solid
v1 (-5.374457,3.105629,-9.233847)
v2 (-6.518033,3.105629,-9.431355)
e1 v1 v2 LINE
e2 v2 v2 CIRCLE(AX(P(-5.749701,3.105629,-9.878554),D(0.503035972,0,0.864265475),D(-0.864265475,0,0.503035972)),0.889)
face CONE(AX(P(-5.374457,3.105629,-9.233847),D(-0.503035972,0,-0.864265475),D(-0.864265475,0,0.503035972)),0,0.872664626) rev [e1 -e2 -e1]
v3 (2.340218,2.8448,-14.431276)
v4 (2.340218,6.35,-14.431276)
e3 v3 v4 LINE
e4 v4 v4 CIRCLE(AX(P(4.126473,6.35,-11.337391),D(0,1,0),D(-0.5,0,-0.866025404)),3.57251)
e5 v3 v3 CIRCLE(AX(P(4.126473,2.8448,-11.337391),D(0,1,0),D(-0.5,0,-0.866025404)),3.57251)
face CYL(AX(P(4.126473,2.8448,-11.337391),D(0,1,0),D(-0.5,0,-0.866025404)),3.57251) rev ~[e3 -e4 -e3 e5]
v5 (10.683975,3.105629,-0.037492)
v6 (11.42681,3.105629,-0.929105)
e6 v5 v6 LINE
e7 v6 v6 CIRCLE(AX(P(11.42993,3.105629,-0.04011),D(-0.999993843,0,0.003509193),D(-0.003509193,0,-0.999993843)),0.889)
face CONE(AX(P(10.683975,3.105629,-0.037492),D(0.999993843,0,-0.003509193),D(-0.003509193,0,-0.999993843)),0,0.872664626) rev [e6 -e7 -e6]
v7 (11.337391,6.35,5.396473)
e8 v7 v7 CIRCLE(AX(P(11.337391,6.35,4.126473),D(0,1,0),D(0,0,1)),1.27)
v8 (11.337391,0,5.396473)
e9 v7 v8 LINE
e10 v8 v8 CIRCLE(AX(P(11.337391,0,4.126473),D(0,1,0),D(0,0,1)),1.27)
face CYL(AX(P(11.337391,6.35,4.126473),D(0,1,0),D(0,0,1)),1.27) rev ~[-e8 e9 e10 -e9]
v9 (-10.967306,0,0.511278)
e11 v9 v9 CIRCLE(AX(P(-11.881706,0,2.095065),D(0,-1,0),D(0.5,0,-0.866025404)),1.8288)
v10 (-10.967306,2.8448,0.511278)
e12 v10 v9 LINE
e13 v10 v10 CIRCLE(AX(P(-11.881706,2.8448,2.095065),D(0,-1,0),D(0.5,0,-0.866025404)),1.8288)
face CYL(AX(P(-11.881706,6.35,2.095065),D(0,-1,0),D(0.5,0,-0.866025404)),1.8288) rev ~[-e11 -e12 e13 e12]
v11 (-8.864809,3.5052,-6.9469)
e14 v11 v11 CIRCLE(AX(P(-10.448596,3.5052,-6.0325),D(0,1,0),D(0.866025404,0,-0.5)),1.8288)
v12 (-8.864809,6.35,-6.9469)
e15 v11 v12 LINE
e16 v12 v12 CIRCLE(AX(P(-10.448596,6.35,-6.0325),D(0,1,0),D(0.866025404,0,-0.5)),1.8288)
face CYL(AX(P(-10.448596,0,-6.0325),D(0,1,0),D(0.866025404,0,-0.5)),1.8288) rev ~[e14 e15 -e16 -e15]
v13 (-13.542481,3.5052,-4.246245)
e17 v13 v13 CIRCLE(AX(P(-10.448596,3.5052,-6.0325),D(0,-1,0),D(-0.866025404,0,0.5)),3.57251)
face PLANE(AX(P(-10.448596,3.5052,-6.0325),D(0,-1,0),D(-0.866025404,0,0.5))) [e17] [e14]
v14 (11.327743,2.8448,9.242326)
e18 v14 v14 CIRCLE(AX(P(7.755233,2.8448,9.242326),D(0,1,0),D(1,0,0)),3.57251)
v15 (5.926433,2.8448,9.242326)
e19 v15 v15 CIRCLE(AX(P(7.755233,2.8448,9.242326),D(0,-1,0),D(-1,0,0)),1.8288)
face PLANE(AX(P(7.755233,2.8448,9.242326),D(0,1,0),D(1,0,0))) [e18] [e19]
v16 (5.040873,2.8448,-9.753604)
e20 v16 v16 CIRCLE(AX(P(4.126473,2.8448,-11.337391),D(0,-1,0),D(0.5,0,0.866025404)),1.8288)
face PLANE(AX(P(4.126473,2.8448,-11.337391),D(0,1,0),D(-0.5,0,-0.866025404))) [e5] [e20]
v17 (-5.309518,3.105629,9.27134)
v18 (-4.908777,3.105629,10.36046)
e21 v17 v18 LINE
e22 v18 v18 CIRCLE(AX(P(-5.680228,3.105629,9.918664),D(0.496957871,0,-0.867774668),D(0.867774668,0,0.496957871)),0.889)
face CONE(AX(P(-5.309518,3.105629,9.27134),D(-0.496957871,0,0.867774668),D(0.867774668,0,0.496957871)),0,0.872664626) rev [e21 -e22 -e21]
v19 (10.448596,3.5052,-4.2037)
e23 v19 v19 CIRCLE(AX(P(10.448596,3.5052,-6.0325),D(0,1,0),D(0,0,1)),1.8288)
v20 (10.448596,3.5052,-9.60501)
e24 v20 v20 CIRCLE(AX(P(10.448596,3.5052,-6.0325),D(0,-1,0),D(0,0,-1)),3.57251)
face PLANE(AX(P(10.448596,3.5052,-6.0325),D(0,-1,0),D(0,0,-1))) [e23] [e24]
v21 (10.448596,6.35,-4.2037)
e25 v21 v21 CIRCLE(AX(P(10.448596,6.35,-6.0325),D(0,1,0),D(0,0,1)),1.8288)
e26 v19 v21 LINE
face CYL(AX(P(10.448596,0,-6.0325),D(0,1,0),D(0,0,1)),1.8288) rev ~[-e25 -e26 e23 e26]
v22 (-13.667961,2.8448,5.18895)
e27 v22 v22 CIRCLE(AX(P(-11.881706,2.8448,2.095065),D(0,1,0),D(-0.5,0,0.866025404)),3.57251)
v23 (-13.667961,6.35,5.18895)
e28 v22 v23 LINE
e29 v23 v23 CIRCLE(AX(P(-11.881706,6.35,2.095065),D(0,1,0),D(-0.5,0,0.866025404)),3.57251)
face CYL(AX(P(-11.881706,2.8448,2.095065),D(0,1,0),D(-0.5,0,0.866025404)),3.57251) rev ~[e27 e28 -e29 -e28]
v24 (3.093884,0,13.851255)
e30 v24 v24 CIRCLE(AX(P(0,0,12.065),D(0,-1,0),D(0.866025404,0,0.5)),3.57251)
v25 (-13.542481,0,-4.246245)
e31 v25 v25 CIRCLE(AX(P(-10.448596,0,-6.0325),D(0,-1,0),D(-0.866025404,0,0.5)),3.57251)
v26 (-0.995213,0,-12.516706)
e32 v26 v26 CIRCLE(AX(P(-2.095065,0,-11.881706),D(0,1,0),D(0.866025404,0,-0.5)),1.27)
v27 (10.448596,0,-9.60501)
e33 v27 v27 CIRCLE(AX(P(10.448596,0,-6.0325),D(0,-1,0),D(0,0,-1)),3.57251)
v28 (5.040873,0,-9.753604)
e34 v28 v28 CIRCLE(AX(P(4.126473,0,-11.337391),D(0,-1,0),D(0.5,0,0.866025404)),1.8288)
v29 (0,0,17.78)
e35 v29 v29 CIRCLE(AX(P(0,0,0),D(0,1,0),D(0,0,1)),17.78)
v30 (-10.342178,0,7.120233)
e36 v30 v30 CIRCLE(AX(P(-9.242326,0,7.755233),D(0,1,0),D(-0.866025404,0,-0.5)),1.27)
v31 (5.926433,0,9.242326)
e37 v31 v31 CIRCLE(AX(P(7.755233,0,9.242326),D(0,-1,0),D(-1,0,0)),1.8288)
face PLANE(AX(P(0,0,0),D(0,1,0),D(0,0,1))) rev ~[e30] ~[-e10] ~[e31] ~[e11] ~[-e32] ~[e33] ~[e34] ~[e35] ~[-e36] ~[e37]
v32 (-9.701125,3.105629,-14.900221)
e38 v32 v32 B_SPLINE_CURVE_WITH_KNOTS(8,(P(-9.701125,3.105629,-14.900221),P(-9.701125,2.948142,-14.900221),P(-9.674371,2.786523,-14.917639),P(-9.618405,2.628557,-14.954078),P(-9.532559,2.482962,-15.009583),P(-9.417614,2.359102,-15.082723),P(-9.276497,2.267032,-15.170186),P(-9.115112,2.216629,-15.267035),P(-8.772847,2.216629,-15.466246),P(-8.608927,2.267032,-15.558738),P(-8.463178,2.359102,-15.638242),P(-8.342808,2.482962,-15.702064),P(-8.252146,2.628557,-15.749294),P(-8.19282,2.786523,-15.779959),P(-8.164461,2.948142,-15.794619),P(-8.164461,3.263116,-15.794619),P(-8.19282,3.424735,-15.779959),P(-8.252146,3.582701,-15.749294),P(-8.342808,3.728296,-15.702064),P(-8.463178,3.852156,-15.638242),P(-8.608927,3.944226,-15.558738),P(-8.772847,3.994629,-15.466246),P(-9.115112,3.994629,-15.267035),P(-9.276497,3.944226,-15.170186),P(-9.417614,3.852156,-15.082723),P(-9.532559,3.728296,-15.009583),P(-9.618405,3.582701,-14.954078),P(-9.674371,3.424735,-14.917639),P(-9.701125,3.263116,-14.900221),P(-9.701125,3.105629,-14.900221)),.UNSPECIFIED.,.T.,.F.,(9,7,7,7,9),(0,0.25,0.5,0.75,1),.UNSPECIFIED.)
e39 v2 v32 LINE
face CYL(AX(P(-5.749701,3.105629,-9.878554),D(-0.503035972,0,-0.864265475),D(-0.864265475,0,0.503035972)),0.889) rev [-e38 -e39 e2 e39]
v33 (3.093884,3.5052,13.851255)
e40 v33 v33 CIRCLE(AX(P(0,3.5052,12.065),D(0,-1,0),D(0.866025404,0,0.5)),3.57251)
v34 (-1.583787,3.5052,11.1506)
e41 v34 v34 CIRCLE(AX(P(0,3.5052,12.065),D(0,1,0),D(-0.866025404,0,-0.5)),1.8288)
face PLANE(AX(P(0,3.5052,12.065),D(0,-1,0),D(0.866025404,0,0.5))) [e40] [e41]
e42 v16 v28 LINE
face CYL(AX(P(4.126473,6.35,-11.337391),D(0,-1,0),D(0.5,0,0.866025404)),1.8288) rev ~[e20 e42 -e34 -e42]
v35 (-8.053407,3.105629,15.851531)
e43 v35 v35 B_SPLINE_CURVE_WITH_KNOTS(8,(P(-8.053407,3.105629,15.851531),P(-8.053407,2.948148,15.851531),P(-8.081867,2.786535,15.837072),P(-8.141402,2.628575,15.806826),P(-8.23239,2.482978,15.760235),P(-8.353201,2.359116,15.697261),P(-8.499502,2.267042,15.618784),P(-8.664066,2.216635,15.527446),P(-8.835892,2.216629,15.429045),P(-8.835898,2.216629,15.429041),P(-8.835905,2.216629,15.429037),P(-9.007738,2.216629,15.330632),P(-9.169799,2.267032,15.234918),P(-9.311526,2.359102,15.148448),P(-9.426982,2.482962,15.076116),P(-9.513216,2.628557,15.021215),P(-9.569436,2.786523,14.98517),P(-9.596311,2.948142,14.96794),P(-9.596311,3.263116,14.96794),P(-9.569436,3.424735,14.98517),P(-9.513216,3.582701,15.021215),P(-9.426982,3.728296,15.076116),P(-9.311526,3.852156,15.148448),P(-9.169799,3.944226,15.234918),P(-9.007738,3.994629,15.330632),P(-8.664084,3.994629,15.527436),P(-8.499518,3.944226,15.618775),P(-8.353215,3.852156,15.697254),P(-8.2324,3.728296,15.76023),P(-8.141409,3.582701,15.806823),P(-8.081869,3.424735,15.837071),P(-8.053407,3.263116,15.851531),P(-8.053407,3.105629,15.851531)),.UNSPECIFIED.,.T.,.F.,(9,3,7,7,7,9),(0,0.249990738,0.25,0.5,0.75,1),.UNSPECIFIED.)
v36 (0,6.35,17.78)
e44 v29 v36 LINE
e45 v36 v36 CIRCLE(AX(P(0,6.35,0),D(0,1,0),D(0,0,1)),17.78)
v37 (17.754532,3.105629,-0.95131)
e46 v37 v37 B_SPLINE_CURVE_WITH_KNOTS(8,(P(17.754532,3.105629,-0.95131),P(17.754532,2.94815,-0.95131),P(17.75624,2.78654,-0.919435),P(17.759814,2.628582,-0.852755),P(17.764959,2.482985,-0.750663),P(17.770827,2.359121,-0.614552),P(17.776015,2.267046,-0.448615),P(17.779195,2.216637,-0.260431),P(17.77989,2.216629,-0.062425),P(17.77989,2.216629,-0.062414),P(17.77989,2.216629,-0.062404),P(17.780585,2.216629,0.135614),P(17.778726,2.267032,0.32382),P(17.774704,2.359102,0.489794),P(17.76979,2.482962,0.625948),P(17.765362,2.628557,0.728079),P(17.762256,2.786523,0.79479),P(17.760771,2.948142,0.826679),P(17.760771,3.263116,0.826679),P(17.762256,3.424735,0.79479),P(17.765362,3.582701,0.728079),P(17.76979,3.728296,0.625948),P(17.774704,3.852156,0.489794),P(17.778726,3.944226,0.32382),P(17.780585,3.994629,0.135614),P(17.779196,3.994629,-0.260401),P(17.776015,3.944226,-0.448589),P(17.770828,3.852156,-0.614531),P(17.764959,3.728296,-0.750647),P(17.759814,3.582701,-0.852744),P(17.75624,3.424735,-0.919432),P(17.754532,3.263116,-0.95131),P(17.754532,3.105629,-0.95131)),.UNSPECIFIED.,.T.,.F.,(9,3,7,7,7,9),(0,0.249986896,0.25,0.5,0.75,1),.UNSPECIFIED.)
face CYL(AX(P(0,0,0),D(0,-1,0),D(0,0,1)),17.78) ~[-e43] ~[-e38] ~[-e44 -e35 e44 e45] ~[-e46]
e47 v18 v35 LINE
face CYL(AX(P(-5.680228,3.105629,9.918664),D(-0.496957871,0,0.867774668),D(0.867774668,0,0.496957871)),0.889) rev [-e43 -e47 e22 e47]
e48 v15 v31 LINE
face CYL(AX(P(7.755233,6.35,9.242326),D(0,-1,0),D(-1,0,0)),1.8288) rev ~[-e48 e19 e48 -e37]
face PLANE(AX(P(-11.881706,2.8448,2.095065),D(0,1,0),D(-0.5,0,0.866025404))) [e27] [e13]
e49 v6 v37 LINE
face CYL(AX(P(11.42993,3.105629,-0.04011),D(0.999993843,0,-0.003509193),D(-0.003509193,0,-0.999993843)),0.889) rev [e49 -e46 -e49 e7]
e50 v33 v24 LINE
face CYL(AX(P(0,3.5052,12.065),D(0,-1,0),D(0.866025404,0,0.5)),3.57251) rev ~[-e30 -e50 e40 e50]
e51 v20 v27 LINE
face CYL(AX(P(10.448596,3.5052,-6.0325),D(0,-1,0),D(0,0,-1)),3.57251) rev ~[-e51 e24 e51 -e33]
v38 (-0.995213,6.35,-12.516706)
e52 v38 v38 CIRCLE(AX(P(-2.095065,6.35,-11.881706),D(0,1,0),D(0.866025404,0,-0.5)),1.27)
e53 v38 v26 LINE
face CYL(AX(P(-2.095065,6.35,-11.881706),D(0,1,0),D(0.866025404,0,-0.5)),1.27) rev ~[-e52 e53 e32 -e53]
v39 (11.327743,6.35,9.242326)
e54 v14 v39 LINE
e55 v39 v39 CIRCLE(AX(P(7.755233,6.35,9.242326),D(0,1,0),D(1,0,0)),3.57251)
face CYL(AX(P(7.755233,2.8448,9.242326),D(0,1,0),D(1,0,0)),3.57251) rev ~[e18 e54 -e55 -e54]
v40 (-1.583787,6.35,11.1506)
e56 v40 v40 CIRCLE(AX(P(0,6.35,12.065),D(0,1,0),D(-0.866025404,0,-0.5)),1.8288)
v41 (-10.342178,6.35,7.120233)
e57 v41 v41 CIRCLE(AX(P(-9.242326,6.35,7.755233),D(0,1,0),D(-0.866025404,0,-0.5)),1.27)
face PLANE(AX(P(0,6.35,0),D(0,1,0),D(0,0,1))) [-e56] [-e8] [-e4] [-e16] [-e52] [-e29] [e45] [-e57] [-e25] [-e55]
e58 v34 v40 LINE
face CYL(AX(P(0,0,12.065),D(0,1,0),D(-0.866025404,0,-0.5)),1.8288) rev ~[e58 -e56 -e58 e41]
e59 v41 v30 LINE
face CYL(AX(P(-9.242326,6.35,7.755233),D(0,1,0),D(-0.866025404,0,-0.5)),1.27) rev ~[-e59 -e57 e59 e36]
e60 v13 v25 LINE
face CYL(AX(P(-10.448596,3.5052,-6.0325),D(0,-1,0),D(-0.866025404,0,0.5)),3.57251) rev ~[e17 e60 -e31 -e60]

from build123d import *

# Parameters (mm, degrees)
SKETCH1_R                                      = 17.78
BOSS_EXTRUDE1_DEPTH                            = 6.35
CBORE_FOR_6_SOCKET_HEAD_CAP_SCREW1_D           = 3.6576
CBORE_FOR_6_SOCKET_HEAD_CAP_SCREW1_CBORE_D     = 7.14502
CBORE_FOR_6_SOCKET_HEAD_CAP_SCREW1_CBORE_DEPTH = 3.5052
CIRPATTERN1_COUNT                              = 3
CIRPATTERN3_COUNT                              = 3
CBORE_FOR_6_SOCKET_HEAD_CAP_SCREW2_D           = 3.6576
CBORE_FOR_6_SOCKET_HEAD_CAP_SCREW2_CBORE_D     = 7.14502
CBORE_FOR_6_SOCKET_HEAD_CAP_SCREW2_CBORE_DEPTH = 3.5052
CIRPATTERN4_COUNT                              = 3
SKETCH19_R                                     = 1.27
CUT_EXTRUDE1_DEPTH                             = 26.934134043
CIRPATTERN5_COUNT                              = 3


with BuildPart() as part:
    # Sketch1 → Boss-Extrude1 (new body)
    with BuildSketch(Plane(origin=(0, 0, 0), x_dir=(1, 0, 0), z_dir=(0, 1, 0))):
        with Locations(Location((0, 0, 0), (0, 0, 270))):
            Circle(SKETCH1_R)
    extrude(amount=BOSS_EXTRUDE1_DEPTH)

    # CBORE for #6 Socket Head Cap Screw1 (through all)
    with Locations(Plane(origin=(0, 6.35, 0), x_dir=(1, 0, 0), z_dir=(0, 1, 0))):
        with Locations((7.755232511, -9.242326206)):
            cbore_for_6_socket_head_cap_screw1 = CounterBoreHole(CBORE_FOR_6_SOCKET_HEAD_CAP_SCREW1_D / 2, CBORE_FOR_6_SOCKET_HEAD_CAP_SCREW1_CBORE_D / 2, CBORE_FOR_6_SOCKET_HEAD_CAP_SCREW1_CBORE_DEPTH)

    # CirPattern1: CBORE for #6 Socket Head Cap Screw1 ×3 about axis
    cirpattern1_axis = Axis((0, 0, 0), (0, 1, 0))
    for i in range(1, CIRPATTERN1_COUNT):
        add(cbore_for_6_socket_head_cap_screw1.rotate(cirpattern1_axis, i * 360 / CIRPATTERN1_COUNT), mode=Mode.SUBTRACT)

    # Sketch15 → Tap Drill for #2-56 Tap1 (revolve, cut)
    with BuildSketch(Plane(origin=(-8.835910942, 3.105629072, 15.4290336), x_dir=(0.8677746681735184, 0, 0.49695787072581915), z_dir=(0, 1, 0))):
        Polygon((0, 0), (0, 7.095959572), (0.889, 6.35), (0.889, 0), align=None)
    tap_drill_for_2_56_tap1 = revolve(axis=Axis((-11.991593421, 3.105629072, 20.939402743), (0.49695787072581915, 0, -0.8677746681735184)), mode=Mode.SUBTRACT)

    # CirPattern3: Tap Drill for #2-56 Tap1 ×3 about axis
    cirpattern3_axis = Axis((0, 6.35, 0), (0, -1, 0))
    for i in range(1, CIRPATTERN3_COUNT):
        add(tap_drill_for_2_56_tap1.rotate(cirpattern3_axis, i * 360 / CIRPATTERN3_COUNT), mode=Mode.SUBTRACT)

    # CBORE for #6 Socket Head Cap Screw2 (through all)
    with Locations(Plane(origin=(10.448596497, 0, -6.0325), x_dir=(0, 0, -1), z_dir=(0, -1, 0))):
        with Locations((0, 0)):
            cbore_for_6_socket_head_cap_screw2 = CounterBoreHole(CBORE_FOR_6_SOCKET_HEAD_CAP_SCREW2_D / 2, CBORE_FOR_6_SOCKET_HEAD_CAP_SCREW2_CBORE_D / 2, CBORE_FOR_6_SOCKET_HEAD_CAP_SCREW2_CBORE_DEPTH)

    # CirPattern4: CBORE for #6 Socket Head Cap Screw2 ×3 about axis
    cirpattern4_axis = Axis((0, 0, 0), (0, 1, 0))
    for i in range(1, CIRPATTERN4_COUNT):
        add(cbore_for_6_socket_head_cap_screw2.rotate(cirpattern4_axis, i * 360 / CIRPATTERN4_COUNT), mode=Mode.SUBTRACT)

    # Sketch19 → Cut-Extrude1 (cut, through all)
    with BuildSketch(Plane(origin=(0, 6.35, 0), x_dir=(1, 0, 0), z_dir=(0, 1, 0))):
        with Locations(Location((11.33739147, -4.126473029, 0), (0, 0, 270))):
            Circle(SKETCH19_R)
    cut_extrude1 = extrude(amount=-CUT_EXTRUDE1_DEPTH, mode=Mode.SUBTRACT)

    # CirPattern5: Cut-Extrude1 ×3 about axis
    cirpattern5_axis = Axis((0, 0, 0), (0, 1, 0))
    for i in range(1, CIRPATTERN5_COUNT):
        add(cut_extrude1.rotate(cirpattern5_axis, i * 360 / CIRPATTERN5_COUNT), mode=Mode.SUBTRACT)


solid = part.part
